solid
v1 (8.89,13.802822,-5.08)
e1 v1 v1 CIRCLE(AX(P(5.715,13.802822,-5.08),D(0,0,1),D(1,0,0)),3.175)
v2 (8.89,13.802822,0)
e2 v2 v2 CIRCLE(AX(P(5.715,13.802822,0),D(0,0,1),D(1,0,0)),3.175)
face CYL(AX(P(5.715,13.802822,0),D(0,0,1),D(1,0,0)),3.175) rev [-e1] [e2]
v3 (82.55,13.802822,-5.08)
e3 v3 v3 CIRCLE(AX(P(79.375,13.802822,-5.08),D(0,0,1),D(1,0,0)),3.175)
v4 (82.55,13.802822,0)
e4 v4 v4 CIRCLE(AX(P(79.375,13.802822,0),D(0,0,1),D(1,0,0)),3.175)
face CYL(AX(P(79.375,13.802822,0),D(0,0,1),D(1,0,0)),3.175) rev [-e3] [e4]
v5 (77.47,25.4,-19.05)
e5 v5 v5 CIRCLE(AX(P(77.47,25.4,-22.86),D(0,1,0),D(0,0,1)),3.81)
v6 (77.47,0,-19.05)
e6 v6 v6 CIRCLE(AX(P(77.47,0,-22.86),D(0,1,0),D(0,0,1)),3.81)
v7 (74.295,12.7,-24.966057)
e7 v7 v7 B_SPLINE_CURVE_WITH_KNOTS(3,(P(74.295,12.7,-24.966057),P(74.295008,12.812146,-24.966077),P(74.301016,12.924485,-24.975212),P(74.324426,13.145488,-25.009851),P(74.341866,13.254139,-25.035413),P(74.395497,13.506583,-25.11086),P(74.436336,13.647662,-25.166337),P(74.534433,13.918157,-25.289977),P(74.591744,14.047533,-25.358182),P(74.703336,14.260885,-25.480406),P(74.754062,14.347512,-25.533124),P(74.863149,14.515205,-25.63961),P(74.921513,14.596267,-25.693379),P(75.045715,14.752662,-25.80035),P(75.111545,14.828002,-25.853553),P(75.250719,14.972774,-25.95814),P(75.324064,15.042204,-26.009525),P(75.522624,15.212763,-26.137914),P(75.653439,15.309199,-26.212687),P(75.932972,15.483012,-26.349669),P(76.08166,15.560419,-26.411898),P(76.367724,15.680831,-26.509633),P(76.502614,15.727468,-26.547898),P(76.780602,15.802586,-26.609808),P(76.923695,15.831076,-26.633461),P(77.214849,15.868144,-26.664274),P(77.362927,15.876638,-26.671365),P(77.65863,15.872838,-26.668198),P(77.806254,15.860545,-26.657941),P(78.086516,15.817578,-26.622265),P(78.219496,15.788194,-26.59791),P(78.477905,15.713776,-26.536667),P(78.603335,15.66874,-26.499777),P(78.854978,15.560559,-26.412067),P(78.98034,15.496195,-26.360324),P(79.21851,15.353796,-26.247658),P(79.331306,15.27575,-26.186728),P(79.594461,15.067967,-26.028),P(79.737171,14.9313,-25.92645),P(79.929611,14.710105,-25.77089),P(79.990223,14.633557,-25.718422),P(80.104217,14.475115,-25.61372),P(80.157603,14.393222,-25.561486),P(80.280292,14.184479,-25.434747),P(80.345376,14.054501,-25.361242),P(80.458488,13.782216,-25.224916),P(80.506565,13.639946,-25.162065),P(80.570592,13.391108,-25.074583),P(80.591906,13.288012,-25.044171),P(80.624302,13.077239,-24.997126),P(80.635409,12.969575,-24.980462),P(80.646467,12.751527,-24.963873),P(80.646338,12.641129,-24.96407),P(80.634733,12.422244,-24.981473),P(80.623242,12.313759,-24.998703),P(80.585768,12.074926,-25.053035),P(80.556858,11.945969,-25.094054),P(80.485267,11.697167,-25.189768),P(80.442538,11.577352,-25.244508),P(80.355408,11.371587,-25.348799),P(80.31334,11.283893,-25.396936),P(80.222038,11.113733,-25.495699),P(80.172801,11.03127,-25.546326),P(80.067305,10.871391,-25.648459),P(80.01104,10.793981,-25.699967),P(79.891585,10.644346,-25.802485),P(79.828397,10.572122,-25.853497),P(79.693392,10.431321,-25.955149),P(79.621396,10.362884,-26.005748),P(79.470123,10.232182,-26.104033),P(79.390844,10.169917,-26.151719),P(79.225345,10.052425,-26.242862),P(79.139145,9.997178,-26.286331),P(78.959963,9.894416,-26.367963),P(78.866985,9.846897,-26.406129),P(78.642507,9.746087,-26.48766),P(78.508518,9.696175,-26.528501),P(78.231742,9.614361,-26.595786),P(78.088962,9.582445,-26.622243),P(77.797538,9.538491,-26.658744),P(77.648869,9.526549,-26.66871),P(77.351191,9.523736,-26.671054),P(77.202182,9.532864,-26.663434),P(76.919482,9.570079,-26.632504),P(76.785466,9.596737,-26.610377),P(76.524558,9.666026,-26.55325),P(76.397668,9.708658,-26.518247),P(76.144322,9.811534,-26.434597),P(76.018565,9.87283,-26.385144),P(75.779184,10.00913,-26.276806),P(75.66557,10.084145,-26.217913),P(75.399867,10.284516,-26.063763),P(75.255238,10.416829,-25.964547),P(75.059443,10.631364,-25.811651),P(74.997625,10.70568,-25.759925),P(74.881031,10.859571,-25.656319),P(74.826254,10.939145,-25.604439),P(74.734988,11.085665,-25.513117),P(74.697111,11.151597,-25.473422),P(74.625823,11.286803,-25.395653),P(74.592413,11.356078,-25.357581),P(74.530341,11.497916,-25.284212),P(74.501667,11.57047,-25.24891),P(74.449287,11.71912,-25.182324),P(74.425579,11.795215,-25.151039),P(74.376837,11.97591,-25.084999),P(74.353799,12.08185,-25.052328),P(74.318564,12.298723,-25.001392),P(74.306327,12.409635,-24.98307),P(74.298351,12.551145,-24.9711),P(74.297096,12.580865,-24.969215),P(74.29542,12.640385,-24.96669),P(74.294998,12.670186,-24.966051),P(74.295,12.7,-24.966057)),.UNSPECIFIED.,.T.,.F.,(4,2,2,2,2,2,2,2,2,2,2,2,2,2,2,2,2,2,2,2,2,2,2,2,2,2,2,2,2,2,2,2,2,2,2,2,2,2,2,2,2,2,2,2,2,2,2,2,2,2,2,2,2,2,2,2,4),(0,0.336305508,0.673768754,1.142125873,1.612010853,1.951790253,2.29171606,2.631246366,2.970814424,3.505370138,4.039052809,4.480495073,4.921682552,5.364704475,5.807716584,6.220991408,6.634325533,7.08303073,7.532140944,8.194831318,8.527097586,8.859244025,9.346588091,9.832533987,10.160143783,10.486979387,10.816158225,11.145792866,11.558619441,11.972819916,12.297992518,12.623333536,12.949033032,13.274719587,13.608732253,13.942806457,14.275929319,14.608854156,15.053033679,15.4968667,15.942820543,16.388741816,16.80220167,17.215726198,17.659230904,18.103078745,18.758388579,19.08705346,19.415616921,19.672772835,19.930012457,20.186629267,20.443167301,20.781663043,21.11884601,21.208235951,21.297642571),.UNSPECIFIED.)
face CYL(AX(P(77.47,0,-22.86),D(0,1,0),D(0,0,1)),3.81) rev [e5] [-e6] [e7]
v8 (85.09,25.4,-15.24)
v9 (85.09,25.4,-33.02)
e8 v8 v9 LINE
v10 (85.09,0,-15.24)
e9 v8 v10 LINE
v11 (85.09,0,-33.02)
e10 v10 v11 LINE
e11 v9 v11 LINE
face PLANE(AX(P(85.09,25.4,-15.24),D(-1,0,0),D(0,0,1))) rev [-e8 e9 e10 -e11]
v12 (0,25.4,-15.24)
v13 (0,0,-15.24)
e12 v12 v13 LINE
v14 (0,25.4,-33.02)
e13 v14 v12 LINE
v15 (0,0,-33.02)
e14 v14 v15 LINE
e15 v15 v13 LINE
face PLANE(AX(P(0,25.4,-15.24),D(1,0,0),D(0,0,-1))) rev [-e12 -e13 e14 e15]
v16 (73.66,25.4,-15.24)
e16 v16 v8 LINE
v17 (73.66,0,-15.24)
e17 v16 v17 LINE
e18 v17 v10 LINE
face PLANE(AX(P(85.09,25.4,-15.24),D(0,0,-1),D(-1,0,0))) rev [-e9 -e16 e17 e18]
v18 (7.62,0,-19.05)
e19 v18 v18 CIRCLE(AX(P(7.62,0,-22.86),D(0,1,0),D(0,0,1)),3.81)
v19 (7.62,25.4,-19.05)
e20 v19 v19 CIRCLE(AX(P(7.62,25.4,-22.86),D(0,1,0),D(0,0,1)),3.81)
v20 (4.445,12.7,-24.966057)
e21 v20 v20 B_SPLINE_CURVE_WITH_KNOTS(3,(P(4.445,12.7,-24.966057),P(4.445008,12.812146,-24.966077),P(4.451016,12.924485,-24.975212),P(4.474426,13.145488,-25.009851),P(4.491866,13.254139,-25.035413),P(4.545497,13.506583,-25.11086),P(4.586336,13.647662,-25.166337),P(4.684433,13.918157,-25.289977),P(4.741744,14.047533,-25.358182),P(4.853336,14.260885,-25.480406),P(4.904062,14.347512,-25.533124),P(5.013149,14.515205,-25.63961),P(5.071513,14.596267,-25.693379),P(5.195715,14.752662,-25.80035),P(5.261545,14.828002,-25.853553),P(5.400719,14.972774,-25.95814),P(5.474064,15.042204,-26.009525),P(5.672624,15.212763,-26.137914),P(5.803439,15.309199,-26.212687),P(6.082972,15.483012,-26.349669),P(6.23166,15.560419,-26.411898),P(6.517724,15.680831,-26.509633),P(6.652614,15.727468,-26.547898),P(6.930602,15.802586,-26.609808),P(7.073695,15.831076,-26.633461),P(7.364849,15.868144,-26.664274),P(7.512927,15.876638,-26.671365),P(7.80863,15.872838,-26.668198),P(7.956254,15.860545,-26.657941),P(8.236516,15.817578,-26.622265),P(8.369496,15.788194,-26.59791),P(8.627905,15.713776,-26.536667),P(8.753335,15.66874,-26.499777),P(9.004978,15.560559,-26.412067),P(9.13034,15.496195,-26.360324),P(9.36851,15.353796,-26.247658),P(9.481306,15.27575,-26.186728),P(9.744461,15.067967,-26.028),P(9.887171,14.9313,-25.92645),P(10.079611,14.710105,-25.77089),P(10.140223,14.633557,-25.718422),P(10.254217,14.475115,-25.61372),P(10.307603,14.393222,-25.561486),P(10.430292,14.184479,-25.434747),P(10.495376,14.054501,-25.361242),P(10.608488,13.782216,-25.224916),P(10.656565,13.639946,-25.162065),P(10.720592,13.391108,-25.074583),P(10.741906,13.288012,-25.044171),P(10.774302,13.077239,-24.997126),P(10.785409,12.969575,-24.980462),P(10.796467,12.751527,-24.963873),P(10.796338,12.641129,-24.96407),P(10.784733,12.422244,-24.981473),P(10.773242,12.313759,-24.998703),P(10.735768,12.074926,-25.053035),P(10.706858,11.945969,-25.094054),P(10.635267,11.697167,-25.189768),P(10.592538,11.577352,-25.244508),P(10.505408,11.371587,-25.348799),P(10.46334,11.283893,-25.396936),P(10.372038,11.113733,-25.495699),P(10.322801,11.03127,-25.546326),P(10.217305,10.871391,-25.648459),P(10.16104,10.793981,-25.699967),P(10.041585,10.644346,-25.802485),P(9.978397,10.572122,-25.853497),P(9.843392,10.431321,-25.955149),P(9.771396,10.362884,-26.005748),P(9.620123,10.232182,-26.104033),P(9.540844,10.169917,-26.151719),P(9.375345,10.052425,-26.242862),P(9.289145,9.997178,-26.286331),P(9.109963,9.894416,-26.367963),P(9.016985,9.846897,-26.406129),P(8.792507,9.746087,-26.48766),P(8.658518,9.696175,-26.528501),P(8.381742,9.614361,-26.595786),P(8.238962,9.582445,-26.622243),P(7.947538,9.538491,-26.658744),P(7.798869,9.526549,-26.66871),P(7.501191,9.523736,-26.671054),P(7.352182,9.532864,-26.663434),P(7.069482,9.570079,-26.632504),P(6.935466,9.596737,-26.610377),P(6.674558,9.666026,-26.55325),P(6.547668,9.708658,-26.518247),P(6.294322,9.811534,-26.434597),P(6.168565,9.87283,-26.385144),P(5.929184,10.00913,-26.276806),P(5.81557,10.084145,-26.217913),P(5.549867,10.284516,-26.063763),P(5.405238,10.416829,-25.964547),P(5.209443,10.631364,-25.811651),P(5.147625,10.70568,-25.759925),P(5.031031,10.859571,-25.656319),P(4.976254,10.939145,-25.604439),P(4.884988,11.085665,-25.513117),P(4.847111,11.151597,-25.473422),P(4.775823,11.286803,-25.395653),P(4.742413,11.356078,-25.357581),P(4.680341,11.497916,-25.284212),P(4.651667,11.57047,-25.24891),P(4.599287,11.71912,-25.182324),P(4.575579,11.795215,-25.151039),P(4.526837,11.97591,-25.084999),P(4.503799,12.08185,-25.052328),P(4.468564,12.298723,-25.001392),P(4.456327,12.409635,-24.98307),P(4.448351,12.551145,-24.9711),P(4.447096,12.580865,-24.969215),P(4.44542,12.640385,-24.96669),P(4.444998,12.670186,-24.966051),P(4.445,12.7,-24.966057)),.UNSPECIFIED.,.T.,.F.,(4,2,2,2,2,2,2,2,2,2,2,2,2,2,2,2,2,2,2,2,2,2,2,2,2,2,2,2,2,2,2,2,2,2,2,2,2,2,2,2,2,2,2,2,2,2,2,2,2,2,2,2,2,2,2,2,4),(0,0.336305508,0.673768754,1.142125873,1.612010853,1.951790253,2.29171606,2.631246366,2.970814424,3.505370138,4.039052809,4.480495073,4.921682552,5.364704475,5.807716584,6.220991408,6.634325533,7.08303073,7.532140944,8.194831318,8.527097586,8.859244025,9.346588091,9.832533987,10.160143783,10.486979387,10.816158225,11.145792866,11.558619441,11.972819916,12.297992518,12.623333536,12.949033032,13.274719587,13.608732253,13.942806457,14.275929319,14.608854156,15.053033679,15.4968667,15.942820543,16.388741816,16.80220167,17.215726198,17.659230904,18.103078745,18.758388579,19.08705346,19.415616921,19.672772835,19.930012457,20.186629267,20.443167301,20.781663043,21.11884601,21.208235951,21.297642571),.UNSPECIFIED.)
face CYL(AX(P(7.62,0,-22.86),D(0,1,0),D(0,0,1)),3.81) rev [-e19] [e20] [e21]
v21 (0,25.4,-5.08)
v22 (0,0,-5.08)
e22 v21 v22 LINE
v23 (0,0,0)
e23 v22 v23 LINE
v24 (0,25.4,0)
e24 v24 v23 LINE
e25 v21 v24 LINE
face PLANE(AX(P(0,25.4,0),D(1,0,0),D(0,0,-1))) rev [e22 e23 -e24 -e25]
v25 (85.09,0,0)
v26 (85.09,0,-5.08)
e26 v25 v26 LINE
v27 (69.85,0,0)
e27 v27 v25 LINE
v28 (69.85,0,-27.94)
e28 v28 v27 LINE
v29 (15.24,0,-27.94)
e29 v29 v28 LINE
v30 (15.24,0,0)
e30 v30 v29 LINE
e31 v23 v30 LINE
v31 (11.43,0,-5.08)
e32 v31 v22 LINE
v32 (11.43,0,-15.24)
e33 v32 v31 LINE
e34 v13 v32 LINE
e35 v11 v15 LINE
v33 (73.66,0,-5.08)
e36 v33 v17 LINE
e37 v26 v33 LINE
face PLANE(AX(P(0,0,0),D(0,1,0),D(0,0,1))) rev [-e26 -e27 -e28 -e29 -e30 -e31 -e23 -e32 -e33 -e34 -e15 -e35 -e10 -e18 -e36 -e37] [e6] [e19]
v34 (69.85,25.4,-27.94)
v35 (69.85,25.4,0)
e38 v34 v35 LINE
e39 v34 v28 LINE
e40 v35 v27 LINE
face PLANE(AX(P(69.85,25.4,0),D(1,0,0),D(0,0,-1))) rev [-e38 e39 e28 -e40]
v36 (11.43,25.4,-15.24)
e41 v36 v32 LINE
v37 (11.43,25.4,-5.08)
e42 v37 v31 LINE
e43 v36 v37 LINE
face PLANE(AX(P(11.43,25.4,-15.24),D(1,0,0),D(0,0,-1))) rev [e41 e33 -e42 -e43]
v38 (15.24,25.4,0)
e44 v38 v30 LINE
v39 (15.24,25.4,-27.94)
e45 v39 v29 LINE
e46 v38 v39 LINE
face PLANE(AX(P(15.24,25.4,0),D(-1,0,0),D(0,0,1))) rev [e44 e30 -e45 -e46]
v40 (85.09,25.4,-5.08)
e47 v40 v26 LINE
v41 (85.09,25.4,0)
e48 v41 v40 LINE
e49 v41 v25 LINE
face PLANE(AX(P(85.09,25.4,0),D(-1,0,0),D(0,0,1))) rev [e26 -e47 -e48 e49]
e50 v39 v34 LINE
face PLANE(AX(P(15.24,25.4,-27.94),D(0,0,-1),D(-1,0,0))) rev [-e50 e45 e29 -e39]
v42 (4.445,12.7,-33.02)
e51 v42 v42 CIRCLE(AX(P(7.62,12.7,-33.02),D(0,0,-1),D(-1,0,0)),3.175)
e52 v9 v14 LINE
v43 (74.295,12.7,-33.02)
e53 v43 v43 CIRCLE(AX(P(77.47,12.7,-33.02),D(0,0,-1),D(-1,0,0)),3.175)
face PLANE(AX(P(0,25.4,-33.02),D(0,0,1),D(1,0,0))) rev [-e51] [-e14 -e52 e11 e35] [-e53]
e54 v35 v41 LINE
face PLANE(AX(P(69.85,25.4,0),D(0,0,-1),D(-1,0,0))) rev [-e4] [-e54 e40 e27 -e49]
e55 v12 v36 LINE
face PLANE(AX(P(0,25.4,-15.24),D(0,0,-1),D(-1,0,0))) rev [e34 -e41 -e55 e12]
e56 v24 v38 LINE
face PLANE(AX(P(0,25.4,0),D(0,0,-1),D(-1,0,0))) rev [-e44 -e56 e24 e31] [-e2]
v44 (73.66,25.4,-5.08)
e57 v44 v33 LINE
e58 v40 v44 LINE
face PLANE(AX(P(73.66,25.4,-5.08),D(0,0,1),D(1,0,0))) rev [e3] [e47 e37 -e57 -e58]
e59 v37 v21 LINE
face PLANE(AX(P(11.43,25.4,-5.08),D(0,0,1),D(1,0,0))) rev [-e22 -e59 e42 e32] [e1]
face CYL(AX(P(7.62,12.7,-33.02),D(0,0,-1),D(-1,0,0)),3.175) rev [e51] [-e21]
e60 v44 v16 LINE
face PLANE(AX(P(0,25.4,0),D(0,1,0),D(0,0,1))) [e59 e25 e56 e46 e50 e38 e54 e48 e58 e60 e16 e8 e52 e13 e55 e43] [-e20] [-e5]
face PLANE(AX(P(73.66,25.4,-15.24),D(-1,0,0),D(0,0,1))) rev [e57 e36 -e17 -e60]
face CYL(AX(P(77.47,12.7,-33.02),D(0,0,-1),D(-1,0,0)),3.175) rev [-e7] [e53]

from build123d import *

# Parameters (mm, degrees)
BOSS_EXTRUDE1_DEPTH             = 25.4
SKETCH2_R                       = 3.81
CUT_EXTRUDE1_DEPTH              = 95.74063806
F_1_4_0_25_DIAMETER_HOLE1_D     = 6.35
F_1_4_0_25_DIAMETER_HOLE1_DEPTH = 7.62
F_1_4_0_25_DIAMETER_HOLE1_TIP   = 1.907732465
F_1_4_0_25_DIAMETER_HOLE2_D     = 6.35
F_1_4_0_25_DIAMETER_HOLE2_DEPTH = 10.16
F_1_4_0_25_DIAMETER_HOLE2_TIP   = 1.907732465


with BuildPart() as part:
    # Sketch1 → Boss-Extrude1 (new body)
    with BuildSketch(Plane(origin=(0, 0, 0), x_dir=(1, 0, 0), z_dir=(0, 1, 0))):
        Polygon((69.85, 0), (85.09, 0), (85.09, 5.08), (73.66, 5.08), (73.66, 15.24), (85.09, 15.24), (85.09, 33.02), (0, 33.02), (0, 15.24), (11.43, 15.24), (11.43, 5.08), (0, 5.08), (0, 0), (15.24, 0), (15.24, 27.94), (69.85, 27.94), align=None)
    extrude(amount=BOSS_EXTRUDE1_DEPTH)

    # Sketch2 → Cut-Extrude1 (cut, through all)
    with BuildSketch(Plane(origin=(0, 25.4, 0), x_dir=(1, 0, 0), z_dir=(0, 1, 0))):
        with Locations(Location((7.62, 22.86, 0), (0, 0, 270))):
            Circle(SKETCH2_R)
        with Locations(Location((77.47, 22.86, 0), (0, 0, 270))):
            Circle(SKETCH2_R)
    extrude(amount=-CUT_EXTRUDE1_DEPTH, mode=Mode.SUBTRACT)

    # 1/4 (0.25) Diameter Hole1
    with Locations(Plane.XY):
        with Locations((5.715, 13.802822473), (79.375, 13.802822473)):
            Hole(F_1_4_0_25_DIAMETER_HOLE1_D / 2, depth=F_1_4_0_25_DIAMETER_HOLE1_DEPTH)
            with Locations((0, 0, -(F_1_4_0_25_DIAMETER_HOLE1_DEPTH + F_1_4_0_25_DIAMETER_HOLE1_TIP / 2))):  # 118° drill point
                Cone(0, F_1_4_0_25_DIAMETER_HOLE1_D / 2, F_1_4_0_25_DIAMETER_HOLE1_TIP, mode=Mode.SUBTRACT)

    # 1/4 (0.25) Diameter Hole2
    with Locations(Plane(origin=(0, 0, -33.02), x_dir=(-1, 0, 0), z_dir=(0, 0, -1))):
        with Locations((-77.47, 12.7), (-7.62, 12.7)):
            Hole(F_1_4_0_25_DIAMETER_HOLE2_D / 2, depth=F_1_4_0_25_DIAMETER_HOLE2_DEPTH)
            with Locations((0, 0, -(F_1_4_0_25_DIAMETER_HOLE2_DEPTH + F_1_4_0_25_DIAMETER_HOLE2_TIP / 2))):  # 118° drill point
                Cone(0, F_1_4_0_25_DIAMETER_HOLE2_D / 2, F_1_4_0_25_DIAMETER_HOLE2_TIP, mode=Mode.SUBTRACT)


solid = part.part
